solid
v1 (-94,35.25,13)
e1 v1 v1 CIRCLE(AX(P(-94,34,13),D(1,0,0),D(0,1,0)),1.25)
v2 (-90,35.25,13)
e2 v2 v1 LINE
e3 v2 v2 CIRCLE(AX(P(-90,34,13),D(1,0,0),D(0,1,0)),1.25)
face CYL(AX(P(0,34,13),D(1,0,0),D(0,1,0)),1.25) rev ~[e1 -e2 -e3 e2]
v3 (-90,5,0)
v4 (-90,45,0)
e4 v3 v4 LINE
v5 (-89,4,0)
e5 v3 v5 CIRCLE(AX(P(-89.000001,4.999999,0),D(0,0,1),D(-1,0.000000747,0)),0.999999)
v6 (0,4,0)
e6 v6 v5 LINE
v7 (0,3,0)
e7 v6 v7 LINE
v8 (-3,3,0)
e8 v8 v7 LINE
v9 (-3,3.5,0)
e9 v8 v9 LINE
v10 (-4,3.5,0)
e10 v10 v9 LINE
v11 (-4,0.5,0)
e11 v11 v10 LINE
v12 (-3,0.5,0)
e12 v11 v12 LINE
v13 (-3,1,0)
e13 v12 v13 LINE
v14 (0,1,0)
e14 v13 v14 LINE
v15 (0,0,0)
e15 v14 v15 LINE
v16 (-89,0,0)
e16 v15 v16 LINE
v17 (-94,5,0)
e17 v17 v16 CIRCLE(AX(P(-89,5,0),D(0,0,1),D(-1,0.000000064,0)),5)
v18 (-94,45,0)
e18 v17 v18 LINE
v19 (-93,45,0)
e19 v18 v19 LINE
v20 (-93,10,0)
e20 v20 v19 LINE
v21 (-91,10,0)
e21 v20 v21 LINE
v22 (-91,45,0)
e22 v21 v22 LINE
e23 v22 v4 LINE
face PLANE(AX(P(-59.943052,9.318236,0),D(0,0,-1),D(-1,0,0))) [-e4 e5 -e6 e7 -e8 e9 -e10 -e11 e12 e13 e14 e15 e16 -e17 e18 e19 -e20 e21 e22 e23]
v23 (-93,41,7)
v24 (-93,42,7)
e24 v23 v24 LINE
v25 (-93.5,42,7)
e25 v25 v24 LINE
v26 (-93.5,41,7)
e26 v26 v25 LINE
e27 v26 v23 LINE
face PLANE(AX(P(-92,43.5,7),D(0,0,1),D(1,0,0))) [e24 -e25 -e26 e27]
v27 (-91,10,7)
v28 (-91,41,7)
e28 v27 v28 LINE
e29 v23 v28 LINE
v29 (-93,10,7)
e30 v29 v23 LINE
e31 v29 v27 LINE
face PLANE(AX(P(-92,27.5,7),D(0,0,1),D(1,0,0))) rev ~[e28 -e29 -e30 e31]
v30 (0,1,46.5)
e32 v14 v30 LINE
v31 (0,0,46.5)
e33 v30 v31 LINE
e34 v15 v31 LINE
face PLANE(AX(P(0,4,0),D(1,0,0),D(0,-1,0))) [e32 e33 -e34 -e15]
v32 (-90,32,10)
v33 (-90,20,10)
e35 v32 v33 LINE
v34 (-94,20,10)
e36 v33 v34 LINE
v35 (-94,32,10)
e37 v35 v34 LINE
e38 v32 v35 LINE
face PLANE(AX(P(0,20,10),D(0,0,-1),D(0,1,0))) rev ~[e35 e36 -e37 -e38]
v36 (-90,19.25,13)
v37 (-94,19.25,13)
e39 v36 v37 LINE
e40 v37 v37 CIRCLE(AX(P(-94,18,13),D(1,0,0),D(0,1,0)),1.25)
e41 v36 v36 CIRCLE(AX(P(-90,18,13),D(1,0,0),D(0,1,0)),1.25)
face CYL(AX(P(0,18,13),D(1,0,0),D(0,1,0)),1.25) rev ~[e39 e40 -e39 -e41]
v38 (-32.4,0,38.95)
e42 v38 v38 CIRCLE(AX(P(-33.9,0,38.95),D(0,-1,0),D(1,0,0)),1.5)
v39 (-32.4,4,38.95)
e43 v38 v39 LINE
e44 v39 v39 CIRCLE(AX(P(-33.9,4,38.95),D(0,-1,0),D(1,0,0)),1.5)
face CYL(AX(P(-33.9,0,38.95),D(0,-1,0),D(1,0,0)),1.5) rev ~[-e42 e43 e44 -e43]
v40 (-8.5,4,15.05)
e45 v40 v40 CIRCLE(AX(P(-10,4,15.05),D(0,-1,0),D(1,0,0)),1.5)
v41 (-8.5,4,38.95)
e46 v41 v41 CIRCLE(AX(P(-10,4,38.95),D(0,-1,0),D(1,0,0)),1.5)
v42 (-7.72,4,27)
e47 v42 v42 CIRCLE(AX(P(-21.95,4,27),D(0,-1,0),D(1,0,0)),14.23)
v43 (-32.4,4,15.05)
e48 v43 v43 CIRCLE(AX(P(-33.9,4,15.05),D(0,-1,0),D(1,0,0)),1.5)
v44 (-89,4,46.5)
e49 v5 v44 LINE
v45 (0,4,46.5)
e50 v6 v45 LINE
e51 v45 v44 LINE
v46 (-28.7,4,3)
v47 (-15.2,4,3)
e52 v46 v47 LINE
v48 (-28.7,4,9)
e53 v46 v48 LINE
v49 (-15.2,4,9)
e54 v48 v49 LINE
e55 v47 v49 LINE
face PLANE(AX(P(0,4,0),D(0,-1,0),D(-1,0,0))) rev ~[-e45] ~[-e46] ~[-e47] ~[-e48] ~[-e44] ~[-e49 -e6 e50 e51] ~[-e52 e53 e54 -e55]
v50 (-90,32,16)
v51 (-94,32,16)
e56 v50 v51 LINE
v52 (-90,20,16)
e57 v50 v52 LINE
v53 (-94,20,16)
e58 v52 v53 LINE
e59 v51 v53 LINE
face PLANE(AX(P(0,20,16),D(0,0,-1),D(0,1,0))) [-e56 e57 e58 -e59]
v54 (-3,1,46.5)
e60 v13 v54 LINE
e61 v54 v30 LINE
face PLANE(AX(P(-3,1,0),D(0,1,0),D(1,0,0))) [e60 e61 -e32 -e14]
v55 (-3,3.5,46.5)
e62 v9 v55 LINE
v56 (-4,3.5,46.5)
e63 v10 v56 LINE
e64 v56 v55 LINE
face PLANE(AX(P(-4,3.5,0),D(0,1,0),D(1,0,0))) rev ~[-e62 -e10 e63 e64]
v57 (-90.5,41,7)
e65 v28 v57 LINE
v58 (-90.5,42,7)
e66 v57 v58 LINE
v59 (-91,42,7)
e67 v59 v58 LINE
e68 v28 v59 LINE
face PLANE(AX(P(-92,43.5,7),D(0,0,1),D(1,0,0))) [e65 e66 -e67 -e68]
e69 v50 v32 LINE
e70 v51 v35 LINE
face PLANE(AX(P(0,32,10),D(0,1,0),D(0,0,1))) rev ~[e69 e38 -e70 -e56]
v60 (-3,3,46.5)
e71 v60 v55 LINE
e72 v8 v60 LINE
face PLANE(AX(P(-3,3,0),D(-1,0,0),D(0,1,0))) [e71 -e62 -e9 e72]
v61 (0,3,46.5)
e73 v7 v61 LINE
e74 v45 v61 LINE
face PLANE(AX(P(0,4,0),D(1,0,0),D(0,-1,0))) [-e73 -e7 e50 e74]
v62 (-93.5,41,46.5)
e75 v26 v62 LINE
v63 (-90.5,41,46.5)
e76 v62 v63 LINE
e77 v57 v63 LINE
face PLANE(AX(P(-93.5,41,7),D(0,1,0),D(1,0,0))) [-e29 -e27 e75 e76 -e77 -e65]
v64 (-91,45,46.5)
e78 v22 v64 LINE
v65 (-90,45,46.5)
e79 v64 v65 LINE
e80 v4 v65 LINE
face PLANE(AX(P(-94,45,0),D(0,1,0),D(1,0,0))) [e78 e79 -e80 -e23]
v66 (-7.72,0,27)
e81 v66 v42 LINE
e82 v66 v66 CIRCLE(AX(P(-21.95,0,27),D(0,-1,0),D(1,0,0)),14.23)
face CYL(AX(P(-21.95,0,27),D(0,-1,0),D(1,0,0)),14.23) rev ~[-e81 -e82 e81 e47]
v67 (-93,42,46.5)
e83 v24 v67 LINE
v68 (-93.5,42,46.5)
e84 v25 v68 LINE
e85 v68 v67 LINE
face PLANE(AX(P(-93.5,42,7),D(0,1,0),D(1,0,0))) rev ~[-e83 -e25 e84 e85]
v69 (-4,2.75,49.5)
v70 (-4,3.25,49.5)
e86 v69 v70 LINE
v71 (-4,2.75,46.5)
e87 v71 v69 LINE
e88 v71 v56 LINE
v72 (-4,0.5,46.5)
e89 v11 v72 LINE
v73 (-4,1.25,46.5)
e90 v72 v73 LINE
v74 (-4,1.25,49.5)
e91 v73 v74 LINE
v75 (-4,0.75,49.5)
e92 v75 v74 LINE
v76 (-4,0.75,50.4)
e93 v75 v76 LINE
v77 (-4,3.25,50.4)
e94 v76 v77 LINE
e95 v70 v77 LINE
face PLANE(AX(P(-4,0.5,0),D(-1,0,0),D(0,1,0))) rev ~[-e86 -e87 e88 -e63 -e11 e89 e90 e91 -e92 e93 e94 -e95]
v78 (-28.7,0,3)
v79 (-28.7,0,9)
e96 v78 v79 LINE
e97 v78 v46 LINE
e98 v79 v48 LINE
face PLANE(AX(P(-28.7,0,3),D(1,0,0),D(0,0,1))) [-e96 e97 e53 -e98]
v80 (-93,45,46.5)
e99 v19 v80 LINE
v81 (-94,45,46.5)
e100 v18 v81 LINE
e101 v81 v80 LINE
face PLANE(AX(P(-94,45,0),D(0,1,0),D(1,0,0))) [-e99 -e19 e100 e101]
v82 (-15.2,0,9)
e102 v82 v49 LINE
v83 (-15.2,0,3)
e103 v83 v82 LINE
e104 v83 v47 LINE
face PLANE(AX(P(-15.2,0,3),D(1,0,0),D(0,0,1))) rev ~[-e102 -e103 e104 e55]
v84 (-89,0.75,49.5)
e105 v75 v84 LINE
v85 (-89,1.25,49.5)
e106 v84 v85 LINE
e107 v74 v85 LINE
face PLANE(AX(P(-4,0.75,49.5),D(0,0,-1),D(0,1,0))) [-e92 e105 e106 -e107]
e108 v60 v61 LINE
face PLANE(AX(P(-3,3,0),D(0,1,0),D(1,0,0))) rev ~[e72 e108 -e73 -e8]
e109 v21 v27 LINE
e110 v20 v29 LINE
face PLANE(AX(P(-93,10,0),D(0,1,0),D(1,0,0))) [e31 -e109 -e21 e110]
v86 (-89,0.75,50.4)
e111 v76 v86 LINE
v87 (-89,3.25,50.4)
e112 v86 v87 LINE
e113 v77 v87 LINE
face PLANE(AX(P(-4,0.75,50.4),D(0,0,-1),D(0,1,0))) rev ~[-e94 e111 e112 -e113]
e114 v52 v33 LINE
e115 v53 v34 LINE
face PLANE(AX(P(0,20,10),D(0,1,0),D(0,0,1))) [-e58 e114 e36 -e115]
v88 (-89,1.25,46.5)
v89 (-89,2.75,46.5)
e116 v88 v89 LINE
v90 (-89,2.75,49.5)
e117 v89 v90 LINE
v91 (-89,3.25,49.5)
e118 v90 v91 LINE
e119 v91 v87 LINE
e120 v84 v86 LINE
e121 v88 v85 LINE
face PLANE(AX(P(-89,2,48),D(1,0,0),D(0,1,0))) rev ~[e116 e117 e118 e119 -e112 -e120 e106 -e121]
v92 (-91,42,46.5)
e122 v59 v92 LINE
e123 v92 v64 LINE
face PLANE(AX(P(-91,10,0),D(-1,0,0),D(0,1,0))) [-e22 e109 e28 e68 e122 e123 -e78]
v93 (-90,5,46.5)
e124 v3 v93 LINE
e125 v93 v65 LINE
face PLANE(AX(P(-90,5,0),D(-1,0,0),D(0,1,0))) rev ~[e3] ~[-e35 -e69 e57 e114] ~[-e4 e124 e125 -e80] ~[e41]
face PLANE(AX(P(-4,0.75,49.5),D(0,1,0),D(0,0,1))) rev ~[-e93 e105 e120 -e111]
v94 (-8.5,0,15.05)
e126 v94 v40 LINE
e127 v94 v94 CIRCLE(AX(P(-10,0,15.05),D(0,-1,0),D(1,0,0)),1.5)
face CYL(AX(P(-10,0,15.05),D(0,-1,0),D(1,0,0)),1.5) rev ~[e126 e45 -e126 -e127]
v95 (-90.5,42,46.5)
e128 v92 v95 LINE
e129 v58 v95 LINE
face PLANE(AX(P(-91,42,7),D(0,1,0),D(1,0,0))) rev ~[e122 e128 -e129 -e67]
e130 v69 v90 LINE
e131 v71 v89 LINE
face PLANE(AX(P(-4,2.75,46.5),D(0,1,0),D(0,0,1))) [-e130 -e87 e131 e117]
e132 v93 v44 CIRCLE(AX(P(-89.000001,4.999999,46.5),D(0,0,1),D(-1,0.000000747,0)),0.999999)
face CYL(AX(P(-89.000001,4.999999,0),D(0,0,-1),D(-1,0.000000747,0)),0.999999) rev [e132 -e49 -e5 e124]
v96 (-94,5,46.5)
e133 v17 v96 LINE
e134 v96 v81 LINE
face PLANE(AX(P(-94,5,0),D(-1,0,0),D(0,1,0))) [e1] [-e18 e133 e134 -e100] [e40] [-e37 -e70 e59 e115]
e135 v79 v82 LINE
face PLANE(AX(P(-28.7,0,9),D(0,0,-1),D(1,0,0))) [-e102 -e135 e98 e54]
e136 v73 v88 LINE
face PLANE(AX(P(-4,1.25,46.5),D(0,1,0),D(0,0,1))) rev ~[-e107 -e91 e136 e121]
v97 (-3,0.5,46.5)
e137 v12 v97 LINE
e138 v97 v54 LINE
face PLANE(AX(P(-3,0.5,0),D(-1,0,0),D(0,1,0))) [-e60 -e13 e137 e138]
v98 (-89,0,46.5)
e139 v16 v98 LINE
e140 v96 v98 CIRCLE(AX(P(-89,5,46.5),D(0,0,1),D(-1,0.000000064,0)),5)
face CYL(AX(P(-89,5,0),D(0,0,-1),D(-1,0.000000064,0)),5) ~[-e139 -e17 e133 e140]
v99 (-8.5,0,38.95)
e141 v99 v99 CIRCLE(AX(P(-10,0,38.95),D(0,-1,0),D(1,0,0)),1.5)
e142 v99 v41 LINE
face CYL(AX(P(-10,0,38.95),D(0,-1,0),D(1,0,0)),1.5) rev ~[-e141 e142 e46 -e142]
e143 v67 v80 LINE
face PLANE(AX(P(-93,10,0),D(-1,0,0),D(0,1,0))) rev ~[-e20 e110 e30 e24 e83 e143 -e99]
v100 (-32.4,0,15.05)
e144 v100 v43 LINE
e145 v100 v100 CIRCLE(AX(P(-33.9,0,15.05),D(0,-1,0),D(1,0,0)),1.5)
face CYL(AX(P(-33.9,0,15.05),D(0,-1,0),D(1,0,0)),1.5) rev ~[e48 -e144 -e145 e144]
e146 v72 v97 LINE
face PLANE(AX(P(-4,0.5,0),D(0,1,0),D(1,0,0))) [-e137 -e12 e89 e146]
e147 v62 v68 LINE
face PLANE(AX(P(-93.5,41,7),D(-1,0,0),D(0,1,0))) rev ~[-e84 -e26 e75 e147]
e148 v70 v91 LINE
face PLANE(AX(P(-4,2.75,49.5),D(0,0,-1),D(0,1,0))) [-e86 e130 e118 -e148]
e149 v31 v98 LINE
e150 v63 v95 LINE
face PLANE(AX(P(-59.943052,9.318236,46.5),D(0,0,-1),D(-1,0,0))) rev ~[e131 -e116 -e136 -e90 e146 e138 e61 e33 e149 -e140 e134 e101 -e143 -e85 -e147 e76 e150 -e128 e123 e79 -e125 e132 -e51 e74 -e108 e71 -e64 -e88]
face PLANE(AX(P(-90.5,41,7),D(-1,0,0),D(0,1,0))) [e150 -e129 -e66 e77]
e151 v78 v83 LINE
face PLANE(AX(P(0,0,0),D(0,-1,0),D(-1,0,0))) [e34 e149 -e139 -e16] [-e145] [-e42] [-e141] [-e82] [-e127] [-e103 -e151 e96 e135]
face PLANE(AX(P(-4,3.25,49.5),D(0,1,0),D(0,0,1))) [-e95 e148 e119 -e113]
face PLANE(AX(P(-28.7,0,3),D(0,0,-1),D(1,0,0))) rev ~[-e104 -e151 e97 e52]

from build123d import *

# Parameters (mm, degrees)
PAD_DEPTH       = 46.5
SKETCH114_W     = 3
SKETCH114_H     = 2
SKETCH114_W_2   = 1
SKETCH114_H_2   = 3
POCKET_DEPTH    = 46.501
SKETCH116_R     = 14.23
SKETCH116_R_2   = 1.5
POCKET001_DEPTH = 5
SKETCH_W        = 2
SKETCH_H        = 35
POCKET002_DEPTH = 7
POCKET003_START = 7
SKETCH117_W     = 2
SKETCH117_H     = 3
SKETCH117_W_2   = 3
SKETCH117_H_2   = 1
POCKET003_DEPTH = 40
PAD001_START    = -4
SKETCH119_W     = 1.5
SKETCH119_H     = 3
SKETCH119_W_2   = 2.5
SKETCH119_H_2   = 0.9
PAD001_DEPTH    = 85
SKETCH118_R     = 1.25
SKETCH118_W     = 12
SKETCH118_H     = 6
POCKET004_DEPTH = 94.001
SKETCH120_W     = 13.5
SKETCH120_H     = 6
POCKET005_DEPTH = 5


with BuildPart() as part:
    # Sketch112 → Pad (new body)
    with BuildSketch(Plane.XY):
        with BuildLine():
            Line((0, 0), (-89, 0))
            ThreePointArc((-94, 5), (-92.535534, 1.464466), (-89, 0))
            Line((-94, 5), (-94, 45))
            Line((-94, 45), (-90, 45))
            Line((-90, 5), (-90, 45))
            ThreePointArc((-90, 5), (-89.707107, 4.292893), (-89, 4))
            Line((0, 4), (-89, 4))
            Line((0, 4), (0, 0))
        make_face()
    extrude(amount=PAD_DEPTH)

    # Sketch114 → Pocket (cut, through all)
    with BuildSketch(Plane.XY):
        with Locations((-1.5, 2)):
            Rectangle(SKETCH114_W, SKETCH114_H)
        with Locations((-3.5, 2)):
            Rectangle(SKETCH114_W_2, SKETCH114_H_2)
    extrude(amount=POCKET_DEPTH, mode=Mode.SUBTRACT)

    # Sketch116 → Pocket001 (cut)
    with BuildSketch(Plane.XZ):
        with Locations((-21.95, 27)):
            Circle(SKETCH116_R)
        with Locations((-10, 38.95)):
            Circle(SKETCH116_R_2)
        with Locations((-33.9, 38.95)):
            Circle(SKETCH116_R_2)
        with Locations((-33.9, 15.05)):
            Circle(SKETCH116_R_2)
        with Locations((-10, 15.05)):
            Circle(SKETCH116_R_2)
    extrude(amount=-POCKET001_DEPTH, mode=Mode.SUBTRACT)

    # Sketch → Pocket002 (cut)
    with BuildSketch(Plane.XY):
        with Locations((-92, 27.5)):
            Rectangle(SKETCH_W, SKETCH_H)
    extrude(amount=POCKET002_DEPTH, mode=Mode.SUBTRACT)

    # Sketch117 → Pocket003 (cut)
    with BuildSketch(Plane.XY.offset(POCKET003_START)):
        with Locations((-92, 43.5)):
            Rectangle(SKETCH117_W, SKETCH117_H)
        with Locations((-92, 41.5)):
            Rectangle(SKETCH117_W_2, SKETCH117_H_2)
    extrude(amount=POCKET003_DEPTH, mode=Mode.SUBTRACT)

    # Sketch119 → Pad001 (join)
    with BuildSketch(Plane.YZ.offset(PAD001_START)):
        with Locations((2, 48)):
            Rectangle(SKETCH119_W, SKETCH119_H)
        with Locations((2, 49.95)):
            Rectangle(SKETCH119_W_2, SKETCH119_H_2)
    extrude(amount=-PAD001_DEPTH)

    # Sketch118 → Pocket004 (cut, through all)
    with BuildSketch(Plane.YZ):
        with Locations((34, 13)):
            Circle(SKETCH118_R)
        with Locations((18, 13)):
            Circle(SKETCH118_R)
        with Locations((26, 13)):
            Rectangle(SKETCH118_W, SKETCH118_H)
    extrude(amount=-POCKET004_DEPTH, mode=Mode.SUBTRACT)

    # Sketch120 → Pocket005 (cut)
    with BuildSketch(Plane.XZ):
        with Locations((-21.95, 6)):
            Rectangle(SKETCH120_W, SKETCH120_H)
    extrude(amount=-POCKET005_DEPTH, mode=Mode.SUBTRACT)


solid = part.part
